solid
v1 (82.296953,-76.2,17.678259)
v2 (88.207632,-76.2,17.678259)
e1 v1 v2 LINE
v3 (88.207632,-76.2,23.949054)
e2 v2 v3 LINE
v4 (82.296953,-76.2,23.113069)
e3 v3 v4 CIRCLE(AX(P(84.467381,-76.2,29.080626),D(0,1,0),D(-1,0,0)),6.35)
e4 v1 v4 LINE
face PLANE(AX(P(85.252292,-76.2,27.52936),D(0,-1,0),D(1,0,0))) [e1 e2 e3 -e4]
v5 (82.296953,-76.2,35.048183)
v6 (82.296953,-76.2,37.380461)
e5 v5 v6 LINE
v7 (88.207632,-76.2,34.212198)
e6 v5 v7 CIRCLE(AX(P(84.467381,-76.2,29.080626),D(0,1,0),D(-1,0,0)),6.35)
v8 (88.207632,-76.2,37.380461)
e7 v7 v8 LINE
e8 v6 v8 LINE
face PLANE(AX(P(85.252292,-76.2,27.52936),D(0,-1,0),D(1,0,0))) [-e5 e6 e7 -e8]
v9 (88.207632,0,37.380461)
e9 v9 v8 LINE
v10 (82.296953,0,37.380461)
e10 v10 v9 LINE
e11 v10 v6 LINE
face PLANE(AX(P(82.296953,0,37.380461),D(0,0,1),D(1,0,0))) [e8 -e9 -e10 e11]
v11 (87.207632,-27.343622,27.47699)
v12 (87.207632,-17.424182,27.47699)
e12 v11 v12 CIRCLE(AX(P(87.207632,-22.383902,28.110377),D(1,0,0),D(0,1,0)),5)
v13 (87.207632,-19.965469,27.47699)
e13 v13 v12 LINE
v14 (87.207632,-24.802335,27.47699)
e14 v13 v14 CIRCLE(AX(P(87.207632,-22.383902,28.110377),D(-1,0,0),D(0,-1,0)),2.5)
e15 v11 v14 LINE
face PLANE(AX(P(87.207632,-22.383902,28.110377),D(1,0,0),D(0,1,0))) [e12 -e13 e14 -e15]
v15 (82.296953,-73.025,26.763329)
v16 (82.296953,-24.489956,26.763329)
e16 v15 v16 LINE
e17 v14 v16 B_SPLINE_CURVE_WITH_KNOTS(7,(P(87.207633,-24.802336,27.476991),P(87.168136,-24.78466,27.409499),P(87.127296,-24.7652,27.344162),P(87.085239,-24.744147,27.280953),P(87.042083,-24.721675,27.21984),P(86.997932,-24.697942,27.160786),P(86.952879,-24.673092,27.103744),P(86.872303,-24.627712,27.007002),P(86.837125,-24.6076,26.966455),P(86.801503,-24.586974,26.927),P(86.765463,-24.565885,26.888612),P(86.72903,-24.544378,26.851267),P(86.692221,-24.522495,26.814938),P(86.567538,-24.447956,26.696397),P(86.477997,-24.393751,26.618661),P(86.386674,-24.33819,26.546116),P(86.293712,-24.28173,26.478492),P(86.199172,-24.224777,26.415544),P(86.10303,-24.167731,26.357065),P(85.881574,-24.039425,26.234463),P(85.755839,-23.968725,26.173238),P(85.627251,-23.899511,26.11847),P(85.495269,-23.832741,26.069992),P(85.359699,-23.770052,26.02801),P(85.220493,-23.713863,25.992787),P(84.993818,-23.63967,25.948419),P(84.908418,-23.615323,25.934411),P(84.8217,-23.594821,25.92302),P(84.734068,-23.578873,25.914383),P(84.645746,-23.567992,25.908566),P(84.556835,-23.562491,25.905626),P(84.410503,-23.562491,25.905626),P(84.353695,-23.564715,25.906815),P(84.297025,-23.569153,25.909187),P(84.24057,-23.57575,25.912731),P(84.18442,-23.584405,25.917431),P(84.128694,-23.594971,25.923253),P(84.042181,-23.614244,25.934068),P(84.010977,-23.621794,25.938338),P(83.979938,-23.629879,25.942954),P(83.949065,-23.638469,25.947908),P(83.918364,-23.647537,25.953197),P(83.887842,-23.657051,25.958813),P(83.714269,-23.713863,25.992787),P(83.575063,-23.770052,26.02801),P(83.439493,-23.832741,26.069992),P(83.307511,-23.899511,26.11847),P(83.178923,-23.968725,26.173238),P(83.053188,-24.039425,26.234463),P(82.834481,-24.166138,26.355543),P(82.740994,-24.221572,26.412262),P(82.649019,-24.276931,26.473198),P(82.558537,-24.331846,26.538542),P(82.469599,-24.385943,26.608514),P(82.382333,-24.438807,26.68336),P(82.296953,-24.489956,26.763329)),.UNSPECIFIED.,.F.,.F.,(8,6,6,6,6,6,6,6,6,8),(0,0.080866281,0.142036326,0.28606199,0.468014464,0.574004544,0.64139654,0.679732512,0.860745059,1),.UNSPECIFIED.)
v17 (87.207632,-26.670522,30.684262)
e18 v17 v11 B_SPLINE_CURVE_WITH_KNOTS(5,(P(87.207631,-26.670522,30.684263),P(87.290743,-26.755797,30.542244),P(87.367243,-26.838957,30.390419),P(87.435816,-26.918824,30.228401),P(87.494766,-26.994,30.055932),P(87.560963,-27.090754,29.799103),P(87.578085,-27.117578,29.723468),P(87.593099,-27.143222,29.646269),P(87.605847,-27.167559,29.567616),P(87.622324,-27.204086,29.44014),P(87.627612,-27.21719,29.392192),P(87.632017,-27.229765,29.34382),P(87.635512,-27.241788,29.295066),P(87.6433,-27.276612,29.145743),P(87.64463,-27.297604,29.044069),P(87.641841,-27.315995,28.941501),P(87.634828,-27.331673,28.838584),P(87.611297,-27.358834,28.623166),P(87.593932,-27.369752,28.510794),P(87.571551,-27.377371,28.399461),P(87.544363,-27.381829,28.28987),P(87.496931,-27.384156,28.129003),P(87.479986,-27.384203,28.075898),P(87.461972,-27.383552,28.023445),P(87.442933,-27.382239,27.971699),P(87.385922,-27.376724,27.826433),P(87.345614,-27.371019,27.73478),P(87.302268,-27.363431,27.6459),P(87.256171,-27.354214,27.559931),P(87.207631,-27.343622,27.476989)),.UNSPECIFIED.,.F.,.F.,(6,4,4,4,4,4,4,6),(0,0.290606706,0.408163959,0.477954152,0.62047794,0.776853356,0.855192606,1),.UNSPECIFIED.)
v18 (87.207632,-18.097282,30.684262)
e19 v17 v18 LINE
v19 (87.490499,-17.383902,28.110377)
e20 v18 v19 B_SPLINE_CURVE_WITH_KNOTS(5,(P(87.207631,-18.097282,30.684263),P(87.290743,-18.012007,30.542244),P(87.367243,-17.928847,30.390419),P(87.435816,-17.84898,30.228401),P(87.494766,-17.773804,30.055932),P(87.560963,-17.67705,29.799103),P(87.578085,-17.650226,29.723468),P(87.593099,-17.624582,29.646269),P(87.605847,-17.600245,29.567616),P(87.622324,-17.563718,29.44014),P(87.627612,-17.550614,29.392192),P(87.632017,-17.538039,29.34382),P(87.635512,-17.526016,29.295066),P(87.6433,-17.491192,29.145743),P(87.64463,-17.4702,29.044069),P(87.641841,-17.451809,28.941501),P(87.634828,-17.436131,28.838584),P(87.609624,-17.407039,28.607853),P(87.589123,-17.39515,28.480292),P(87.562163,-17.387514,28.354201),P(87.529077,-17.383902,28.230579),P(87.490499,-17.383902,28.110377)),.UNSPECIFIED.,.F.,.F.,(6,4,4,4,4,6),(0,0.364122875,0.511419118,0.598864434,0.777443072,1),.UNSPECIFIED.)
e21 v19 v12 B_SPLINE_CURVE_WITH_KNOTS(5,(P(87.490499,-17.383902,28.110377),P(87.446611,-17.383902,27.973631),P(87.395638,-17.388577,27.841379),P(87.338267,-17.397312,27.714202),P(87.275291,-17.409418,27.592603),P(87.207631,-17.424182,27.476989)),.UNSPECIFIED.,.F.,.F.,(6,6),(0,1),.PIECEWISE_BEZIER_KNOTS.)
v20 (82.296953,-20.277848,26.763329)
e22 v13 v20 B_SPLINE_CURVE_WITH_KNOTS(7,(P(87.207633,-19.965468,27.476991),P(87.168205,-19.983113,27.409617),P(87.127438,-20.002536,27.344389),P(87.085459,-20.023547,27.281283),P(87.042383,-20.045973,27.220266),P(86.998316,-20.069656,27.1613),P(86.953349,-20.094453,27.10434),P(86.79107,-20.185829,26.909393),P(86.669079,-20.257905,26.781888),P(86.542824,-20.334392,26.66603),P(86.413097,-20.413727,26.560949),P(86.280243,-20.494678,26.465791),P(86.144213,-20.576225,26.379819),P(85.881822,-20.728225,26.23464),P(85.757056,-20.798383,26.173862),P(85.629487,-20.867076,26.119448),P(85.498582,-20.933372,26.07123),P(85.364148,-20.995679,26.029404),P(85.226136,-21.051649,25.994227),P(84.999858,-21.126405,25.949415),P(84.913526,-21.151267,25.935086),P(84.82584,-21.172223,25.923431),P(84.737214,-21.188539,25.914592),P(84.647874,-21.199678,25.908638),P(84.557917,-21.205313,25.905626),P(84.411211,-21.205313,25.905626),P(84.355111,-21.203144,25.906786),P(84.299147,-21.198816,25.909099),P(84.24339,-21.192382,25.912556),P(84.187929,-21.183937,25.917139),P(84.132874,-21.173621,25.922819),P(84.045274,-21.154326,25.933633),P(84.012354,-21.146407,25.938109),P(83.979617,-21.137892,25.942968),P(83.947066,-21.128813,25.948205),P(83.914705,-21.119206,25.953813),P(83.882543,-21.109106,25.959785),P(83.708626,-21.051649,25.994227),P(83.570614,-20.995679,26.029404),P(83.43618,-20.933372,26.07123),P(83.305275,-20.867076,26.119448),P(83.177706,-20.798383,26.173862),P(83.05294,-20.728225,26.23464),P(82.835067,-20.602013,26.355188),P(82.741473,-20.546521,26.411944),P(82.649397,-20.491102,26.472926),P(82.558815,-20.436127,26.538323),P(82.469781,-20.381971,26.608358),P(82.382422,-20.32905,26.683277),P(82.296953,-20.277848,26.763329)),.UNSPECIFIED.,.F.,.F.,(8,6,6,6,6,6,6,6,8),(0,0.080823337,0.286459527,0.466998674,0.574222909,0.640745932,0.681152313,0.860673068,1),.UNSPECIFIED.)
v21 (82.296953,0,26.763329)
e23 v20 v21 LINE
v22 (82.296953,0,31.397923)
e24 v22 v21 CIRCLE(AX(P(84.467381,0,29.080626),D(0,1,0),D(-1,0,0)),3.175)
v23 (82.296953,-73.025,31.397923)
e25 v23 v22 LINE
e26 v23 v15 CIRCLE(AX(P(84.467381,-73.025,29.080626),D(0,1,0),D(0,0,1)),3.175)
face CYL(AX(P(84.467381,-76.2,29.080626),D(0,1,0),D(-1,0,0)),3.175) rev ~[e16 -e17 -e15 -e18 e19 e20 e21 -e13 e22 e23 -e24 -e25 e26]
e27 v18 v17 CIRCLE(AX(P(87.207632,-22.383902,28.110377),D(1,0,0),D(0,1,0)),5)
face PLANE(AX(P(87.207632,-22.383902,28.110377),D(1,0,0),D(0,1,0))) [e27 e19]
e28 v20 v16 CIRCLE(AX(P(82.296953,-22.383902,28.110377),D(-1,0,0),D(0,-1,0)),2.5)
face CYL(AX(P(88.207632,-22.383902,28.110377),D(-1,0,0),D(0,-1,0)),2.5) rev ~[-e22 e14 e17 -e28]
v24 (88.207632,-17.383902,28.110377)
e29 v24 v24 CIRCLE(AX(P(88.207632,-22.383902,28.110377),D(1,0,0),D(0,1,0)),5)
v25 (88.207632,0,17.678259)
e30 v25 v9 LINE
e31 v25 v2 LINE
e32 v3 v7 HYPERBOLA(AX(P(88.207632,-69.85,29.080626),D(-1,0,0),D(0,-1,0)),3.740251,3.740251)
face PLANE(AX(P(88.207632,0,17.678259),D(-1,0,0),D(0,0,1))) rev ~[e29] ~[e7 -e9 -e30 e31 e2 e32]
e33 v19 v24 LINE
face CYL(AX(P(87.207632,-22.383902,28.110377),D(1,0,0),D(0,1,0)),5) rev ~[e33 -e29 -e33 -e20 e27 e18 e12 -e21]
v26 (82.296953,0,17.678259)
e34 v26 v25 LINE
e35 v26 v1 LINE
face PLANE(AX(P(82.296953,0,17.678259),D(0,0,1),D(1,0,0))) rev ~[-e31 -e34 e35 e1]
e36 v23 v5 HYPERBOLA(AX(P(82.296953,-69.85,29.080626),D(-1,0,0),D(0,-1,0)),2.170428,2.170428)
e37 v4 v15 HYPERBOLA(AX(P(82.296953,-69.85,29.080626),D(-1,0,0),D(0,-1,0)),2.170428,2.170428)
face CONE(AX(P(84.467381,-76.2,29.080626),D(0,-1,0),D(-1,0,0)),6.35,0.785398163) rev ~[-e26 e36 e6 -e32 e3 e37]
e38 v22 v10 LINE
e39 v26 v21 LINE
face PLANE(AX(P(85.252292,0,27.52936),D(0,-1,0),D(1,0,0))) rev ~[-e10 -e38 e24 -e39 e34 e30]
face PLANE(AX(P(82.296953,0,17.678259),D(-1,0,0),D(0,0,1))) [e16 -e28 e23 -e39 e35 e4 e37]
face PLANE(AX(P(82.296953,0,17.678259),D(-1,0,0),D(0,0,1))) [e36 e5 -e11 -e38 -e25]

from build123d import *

# Parameters (mm, degrees)
F0_W           = 5.910679
F0_H           = 19.702202
F1_DEPTH       = 76.2
F3_D           = 6.35
F3_CSINK_D     = 12.7
F3_CSINK_ANGLE = 90
F5_D           = 5
F5_CBORE_D     = 10
F5_CBORE_DEPTH = 1


with BuildPart() as f1:
    # F0 (on Front) → F1 (new body)
    with BuildSketch(Plane.XZ):
        with Locations((85.252292, 27.52936)):
            Rectangle(F0_W, F0_H)
    extrude(amount=F1_DEPTH)

    # F3 (through all)
    with Locations(Plane.XZ.offset(76.2)):
        with Locations((84.467381, 29.080626)):
            CounterSinkHole(F3_D / 2, F3_CSINK_D / 2, counter_sink_angle=F3_CSINK_ANGLE)

    # F5 (through all)
    with Locations(Plane.YZ.offset(88.207632)):
        with Locations((-22.383902, 28.110377)):
            CounterBoreHole(F5_D / 2, F5_CBORE_D / 2, F5_CBORE_DEPTH)


solid = f1.part
